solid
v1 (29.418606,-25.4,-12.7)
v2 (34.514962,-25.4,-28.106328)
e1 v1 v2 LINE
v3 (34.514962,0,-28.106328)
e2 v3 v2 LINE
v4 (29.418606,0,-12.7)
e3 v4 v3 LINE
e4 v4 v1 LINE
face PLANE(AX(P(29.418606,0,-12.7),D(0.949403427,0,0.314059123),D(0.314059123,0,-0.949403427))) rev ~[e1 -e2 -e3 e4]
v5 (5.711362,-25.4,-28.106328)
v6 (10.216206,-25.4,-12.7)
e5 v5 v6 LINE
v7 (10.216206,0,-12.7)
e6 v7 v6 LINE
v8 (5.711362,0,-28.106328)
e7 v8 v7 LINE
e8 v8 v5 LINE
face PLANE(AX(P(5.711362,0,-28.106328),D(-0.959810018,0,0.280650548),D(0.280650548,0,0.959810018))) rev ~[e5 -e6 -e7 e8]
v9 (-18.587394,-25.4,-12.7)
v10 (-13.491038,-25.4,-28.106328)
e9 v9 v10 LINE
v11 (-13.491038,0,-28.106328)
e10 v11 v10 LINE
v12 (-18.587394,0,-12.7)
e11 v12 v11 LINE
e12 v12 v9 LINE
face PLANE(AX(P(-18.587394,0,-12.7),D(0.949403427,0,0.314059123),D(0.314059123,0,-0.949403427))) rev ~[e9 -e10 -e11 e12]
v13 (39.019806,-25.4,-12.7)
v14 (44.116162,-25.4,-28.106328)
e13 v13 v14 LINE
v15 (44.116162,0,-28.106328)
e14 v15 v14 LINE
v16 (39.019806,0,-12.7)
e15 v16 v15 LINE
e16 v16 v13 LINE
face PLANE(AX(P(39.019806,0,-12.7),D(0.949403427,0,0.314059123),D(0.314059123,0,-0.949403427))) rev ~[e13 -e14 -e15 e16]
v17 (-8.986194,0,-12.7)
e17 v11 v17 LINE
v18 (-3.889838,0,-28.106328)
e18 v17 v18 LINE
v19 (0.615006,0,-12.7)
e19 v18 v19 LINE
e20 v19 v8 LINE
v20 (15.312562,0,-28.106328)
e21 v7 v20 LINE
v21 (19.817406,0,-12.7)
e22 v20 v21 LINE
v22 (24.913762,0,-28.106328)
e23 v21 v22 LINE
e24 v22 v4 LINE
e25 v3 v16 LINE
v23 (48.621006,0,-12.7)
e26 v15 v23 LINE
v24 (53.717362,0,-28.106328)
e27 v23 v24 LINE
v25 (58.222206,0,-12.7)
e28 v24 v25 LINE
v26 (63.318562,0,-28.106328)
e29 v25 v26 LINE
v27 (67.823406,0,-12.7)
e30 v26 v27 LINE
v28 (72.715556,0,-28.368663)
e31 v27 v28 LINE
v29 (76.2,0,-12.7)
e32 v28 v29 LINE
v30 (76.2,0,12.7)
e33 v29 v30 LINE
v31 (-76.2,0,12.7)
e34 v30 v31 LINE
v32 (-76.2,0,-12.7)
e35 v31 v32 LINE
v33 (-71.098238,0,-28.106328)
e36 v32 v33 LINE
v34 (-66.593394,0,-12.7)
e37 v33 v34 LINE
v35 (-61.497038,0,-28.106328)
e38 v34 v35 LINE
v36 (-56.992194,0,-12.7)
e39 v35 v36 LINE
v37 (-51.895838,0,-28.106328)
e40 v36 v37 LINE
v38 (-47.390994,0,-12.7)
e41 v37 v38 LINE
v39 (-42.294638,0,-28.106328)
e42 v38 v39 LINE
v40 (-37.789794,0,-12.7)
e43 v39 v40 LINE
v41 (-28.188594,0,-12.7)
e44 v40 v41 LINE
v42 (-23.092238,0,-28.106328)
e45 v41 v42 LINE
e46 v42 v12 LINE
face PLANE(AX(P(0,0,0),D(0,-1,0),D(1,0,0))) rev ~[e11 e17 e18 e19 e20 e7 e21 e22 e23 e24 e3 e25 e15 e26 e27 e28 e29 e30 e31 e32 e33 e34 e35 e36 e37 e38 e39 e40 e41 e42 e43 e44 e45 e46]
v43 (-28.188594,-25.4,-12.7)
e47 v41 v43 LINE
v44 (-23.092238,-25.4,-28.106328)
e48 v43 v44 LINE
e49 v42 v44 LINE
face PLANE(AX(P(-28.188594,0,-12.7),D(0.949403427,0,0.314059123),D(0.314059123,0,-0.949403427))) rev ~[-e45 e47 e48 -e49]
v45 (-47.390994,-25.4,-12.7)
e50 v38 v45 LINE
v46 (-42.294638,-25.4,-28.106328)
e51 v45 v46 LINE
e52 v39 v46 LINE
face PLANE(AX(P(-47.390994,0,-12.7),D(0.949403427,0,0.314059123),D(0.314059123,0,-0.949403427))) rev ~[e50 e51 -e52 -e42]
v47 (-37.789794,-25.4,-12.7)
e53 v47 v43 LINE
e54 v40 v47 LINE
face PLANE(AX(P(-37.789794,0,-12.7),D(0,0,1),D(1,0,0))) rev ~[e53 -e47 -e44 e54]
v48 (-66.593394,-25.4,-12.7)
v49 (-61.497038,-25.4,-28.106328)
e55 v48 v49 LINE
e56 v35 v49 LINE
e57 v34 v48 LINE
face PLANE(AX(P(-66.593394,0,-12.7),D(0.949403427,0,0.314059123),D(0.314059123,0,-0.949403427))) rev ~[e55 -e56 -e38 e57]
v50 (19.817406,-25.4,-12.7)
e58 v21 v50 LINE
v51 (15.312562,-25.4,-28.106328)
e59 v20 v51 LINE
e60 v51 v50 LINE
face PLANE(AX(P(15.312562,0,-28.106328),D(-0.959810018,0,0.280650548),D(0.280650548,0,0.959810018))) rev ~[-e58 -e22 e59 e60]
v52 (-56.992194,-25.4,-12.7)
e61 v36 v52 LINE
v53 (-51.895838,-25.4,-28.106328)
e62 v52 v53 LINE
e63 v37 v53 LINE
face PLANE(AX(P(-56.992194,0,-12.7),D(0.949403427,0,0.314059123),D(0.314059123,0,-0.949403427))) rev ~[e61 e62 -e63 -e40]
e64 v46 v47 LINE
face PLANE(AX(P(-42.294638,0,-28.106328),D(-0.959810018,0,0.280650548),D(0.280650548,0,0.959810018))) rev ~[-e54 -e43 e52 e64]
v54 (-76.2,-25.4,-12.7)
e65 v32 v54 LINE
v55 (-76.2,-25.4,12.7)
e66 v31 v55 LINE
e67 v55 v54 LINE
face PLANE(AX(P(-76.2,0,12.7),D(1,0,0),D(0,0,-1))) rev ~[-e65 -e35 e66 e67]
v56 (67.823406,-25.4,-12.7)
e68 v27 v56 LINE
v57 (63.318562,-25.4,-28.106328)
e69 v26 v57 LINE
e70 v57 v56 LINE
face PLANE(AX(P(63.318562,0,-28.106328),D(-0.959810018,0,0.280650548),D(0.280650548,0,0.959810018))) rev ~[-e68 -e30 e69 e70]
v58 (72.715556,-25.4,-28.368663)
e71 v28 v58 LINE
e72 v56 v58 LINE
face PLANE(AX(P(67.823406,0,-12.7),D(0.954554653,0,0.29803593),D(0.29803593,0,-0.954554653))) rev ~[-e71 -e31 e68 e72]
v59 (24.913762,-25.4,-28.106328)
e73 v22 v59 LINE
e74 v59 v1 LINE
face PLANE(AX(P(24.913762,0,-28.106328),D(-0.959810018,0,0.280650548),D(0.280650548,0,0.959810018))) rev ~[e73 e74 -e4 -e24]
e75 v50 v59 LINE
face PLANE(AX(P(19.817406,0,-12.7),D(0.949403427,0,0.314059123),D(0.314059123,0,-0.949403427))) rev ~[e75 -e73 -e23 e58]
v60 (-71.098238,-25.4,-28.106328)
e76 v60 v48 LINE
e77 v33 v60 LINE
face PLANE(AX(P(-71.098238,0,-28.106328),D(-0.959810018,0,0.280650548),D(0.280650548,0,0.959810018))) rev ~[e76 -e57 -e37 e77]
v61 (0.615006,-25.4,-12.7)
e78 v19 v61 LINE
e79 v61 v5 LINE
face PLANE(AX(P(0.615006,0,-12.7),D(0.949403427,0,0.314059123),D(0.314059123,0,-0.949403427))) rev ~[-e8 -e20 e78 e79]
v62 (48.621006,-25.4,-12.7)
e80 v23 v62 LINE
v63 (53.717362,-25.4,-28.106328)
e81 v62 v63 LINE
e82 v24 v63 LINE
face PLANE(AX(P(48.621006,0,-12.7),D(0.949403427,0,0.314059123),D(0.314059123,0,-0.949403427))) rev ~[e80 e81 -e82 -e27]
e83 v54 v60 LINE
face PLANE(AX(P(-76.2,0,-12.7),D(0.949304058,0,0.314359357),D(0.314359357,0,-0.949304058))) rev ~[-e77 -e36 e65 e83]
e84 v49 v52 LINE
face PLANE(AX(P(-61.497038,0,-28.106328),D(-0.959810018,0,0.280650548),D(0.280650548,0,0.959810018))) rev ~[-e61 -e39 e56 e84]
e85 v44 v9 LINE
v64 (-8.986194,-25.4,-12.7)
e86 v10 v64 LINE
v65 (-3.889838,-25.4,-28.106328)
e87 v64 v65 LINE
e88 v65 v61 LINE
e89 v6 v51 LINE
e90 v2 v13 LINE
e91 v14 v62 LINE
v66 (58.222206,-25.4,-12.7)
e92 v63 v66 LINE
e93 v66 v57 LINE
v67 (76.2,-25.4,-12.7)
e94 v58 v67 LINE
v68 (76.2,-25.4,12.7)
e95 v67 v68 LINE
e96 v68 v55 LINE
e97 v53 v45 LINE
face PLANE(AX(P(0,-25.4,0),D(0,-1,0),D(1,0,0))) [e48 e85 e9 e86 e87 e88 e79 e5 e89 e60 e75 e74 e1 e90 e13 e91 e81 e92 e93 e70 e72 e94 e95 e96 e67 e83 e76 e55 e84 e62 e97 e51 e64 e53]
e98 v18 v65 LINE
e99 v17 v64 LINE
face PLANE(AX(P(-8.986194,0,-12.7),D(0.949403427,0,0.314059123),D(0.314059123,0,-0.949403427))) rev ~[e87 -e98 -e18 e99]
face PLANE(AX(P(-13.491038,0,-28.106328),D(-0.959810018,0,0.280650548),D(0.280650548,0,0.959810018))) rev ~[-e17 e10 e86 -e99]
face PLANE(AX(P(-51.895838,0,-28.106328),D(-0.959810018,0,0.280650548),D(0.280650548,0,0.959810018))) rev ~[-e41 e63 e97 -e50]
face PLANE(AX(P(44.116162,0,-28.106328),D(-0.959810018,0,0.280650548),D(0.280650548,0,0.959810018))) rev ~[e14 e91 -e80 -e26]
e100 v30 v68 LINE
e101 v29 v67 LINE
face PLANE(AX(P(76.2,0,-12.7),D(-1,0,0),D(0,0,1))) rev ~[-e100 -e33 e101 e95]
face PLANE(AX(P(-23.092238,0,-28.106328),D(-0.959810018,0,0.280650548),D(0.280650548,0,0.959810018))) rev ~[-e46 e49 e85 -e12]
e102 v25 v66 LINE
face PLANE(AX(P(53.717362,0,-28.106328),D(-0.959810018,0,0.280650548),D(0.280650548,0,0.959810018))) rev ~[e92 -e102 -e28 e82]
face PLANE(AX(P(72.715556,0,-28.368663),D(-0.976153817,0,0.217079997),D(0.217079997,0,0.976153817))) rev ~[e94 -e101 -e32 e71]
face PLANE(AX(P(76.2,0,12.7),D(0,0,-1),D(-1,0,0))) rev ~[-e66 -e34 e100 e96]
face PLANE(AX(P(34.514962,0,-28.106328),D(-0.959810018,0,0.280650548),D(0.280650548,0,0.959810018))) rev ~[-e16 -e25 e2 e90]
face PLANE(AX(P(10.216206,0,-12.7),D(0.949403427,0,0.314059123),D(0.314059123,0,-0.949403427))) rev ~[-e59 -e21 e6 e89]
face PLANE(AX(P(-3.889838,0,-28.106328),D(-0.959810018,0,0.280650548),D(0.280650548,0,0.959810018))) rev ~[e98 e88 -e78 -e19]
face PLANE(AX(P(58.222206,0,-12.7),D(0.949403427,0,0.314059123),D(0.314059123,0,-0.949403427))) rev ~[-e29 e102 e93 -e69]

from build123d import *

# Parameters (mm, degrees)
F1_DEPTH = 25.4


with BuildPart() as f1:
    # F0 (on Front) → F1 (new body)
    with BuildSketch(Plane.XZ):
        Polygon((76.2, -12.7), (76.2, 12.7), (-76.2, 12.7), (-76.2, -12.7), (-66.593394, -12.7), (-56.992194, -12.7), (-47.390994, -12.7), (-37.789794, -12.7), (-28.188594, -12.7), (-18.587394, -12.7), (-8.986194, -12.7), (0.615006, -12.7), (10.216206, -12.7), (19.817406, -12.7), (29.418606, -12.7), (39.019806, -12.7), (48.621006, -12.7), (58.222206, -12.7), (67.823406, -12.7), align=None)
        Polygon((-66.593394, -12.7), (-76.2, -12.7), (-71.098238, -28.106328), align=None)
        Polygon((-56.992194, -12.7), (-66.593394, -12.7), (-61.497038, -28.106328), align=None)
        Polygon((-47.390994, -12.7), (-56.992194, -12.7), (-51.895838, -28.106328), align=None)
        Polygon((-37.789794, -12.7), (-47.390994, -12.7), (-42.294638, -28.106328), align=None)
        Polygon((-18.587394, -12.7), (-28.188594, -12.7), (-23.092238, -28.106328), align=None)
        Polygon((-8.986194, -12.7), (-18.587394, -12.7), (-13.491038, -28.106328), align=None)
        Polygon((0.615006, -12.7), (-8.986194, -12.7), (-3.889838, -28.106328), align=None)
        Polygon((5.711362, -28.106328), (10.216206, -12.7), (0.615006, -12.7), align=None)
        Polygon((15.312562, -28.106328), (19.817406, -12.7), (10.216206, -12.7), align=None)
        Polygon((24.913762, -28.106328), (29.418606, -12.7), (19.817406, -12.7), align=None)
        Polygon((34.514962, -28.106328), (39.019806, -12.7), (29.418606, -12.7), align=None)
        Polygon((44.116162, -28.106328), (48.621006, -12.7), (39.019806, -12.7), align=None)
        Polygon((53.717362, -28.106328), (58.222206, -12.7), (48.621006, -12.7), align=None)
        Polygon((63.318562, -28.106328), (67.823406, -12.7), (58.222206, -12.7), align=None)
        Polygon((72.715556, -28.368663), (76.2, -12.7), (67.823406, -12.7), align=None)
    extrude(amount=F1_DEPTH)


solid = f1.part
